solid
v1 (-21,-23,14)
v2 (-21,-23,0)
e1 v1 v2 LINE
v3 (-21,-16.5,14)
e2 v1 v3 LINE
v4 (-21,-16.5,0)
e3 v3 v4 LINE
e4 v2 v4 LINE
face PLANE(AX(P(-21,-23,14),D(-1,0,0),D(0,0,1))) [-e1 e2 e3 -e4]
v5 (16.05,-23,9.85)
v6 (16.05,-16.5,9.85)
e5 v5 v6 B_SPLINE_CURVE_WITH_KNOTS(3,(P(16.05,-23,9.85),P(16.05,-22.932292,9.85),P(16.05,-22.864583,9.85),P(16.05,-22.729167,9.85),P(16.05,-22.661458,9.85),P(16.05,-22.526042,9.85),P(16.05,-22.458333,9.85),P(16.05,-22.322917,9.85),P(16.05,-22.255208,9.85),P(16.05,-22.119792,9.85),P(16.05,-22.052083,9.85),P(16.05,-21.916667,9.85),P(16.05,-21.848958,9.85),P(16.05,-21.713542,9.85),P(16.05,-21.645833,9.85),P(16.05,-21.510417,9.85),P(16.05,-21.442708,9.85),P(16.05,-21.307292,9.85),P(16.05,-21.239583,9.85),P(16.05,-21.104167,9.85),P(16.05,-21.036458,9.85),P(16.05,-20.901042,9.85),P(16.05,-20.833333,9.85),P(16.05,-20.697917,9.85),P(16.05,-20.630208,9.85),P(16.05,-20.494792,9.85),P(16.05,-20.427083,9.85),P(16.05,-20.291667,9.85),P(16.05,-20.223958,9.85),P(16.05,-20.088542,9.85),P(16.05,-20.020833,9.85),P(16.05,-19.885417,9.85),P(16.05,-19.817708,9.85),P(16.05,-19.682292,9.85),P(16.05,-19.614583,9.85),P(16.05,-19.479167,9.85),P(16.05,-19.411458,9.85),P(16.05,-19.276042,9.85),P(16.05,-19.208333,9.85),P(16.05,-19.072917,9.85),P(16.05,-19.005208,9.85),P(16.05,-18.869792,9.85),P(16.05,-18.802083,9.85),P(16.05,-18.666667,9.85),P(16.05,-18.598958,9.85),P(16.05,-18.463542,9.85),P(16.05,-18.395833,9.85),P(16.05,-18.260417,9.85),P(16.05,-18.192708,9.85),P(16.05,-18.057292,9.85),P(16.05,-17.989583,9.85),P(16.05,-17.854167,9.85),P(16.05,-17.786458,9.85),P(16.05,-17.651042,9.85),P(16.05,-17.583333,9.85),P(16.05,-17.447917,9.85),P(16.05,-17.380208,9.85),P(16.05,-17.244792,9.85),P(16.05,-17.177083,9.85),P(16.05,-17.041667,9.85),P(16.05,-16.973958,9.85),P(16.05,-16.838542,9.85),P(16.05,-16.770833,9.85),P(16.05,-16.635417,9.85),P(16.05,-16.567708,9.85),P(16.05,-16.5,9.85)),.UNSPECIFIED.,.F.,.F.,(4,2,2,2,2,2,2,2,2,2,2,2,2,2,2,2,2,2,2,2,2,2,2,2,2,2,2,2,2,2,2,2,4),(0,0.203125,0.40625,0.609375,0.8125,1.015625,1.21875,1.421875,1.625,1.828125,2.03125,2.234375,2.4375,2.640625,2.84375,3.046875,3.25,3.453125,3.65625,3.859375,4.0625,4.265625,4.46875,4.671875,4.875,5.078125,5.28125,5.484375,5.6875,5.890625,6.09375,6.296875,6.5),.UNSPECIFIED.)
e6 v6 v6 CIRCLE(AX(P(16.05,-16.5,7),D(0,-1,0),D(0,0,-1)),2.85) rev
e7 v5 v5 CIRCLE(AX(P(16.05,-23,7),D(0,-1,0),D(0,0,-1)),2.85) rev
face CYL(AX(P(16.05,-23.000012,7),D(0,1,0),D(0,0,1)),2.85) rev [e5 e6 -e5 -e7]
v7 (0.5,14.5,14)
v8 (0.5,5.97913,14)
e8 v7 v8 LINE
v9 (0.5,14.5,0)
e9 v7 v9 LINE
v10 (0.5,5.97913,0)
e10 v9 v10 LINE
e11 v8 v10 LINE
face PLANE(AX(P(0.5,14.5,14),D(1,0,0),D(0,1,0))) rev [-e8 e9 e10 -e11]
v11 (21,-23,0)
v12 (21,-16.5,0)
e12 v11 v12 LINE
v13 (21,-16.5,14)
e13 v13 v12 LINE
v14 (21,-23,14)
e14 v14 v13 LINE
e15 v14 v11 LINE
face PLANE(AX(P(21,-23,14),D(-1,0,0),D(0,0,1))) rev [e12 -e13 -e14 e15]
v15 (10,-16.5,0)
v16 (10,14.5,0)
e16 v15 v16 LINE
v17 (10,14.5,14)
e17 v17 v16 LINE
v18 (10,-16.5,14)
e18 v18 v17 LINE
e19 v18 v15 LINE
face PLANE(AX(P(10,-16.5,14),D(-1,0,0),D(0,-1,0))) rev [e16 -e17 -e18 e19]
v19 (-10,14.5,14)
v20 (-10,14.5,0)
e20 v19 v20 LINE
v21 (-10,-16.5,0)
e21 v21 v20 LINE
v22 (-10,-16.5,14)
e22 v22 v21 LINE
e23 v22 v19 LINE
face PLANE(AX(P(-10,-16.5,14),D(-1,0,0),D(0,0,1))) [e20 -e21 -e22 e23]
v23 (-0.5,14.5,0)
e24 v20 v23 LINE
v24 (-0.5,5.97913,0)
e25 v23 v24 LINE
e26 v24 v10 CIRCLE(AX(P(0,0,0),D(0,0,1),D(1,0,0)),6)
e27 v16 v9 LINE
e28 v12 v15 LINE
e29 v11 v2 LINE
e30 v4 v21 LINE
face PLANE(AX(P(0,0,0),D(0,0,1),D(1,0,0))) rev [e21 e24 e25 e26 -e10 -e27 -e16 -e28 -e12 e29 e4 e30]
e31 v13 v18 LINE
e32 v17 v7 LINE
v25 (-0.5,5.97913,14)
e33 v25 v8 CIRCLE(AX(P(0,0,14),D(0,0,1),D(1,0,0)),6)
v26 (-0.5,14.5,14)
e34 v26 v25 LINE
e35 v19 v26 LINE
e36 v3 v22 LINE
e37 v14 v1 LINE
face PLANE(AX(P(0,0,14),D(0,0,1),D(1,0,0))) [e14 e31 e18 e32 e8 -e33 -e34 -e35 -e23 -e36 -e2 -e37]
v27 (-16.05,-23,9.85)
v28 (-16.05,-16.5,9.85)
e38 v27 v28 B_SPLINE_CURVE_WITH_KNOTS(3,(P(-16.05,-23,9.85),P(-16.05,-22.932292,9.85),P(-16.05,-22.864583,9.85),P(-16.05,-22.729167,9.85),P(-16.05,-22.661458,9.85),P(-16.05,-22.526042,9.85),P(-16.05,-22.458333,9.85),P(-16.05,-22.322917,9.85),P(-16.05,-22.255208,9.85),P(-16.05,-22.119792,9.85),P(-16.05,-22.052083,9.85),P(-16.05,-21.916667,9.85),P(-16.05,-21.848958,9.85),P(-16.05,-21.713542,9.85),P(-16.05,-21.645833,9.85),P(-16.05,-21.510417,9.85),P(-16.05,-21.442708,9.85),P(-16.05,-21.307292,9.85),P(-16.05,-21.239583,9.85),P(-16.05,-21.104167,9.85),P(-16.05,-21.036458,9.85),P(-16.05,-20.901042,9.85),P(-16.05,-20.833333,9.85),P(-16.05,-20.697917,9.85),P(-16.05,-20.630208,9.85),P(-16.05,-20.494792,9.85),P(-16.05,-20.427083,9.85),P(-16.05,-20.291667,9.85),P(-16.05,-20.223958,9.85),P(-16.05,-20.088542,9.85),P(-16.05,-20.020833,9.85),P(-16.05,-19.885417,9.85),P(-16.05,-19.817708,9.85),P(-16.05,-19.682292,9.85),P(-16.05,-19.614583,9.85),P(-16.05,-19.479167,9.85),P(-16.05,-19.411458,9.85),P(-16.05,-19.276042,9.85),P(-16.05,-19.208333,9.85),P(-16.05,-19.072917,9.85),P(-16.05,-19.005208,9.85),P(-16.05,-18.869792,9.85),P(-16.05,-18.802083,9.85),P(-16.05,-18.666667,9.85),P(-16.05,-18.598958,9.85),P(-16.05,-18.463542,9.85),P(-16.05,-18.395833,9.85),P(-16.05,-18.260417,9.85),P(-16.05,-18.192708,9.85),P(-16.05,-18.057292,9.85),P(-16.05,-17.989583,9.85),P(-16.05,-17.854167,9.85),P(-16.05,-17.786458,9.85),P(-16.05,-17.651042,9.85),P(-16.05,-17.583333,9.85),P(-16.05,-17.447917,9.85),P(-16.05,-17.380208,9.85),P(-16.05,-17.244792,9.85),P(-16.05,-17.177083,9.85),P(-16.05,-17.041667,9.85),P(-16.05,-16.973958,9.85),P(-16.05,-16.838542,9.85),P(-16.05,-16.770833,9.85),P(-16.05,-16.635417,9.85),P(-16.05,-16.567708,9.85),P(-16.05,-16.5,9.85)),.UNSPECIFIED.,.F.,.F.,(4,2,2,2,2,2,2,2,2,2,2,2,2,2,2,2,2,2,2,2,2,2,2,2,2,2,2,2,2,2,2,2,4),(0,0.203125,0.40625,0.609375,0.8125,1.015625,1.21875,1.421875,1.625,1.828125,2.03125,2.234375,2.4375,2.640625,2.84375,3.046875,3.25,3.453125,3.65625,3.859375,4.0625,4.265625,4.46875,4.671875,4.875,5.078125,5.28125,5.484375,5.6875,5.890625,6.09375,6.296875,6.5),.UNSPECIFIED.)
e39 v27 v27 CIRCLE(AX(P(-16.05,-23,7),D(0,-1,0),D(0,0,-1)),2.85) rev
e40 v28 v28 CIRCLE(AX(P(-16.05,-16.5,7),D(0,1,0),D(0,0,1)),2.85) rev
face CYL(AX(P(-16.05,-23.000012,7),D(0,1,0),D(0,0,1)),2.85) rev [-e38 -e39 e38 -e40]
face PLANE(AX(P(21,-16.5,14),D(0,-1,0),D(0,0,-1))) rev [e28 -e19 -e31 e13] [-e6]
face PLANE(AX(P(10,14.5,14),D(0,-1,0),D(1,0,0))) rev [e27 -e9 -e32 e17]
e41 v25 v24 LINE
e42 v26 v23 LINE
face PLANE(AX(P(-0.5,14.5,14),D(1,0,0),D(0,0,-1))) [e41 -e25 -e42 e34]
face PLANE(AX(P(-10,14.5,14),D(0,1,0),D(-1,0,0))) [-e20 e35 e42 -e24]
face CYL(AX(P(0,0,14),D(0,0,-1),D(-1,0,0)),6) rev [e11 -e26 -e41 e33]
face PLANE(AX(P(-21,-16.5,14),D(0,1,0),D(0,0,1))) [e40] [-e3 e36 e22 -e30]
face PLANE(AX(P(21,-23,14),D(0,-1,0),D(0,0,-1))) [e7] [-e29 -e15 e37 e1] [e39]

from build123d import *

# Parameters (mm, degrees)
Y_KSEKLIK_EKSTR_ZYON2_DEPTH       = 14
KES_EKSTR_ZYON1_REACH             = 47.202
IZIM2_R                           = 2.85
KES_EKSTR_ZYON1_DIRECTION_2_DEPTH = 46.202322949


with BuildPart() as part:
    # Çizim1 → Yükseklik-Ekstrüzyon2 (new body)
    with BuildSketch(Plane.XY):
        with BuildLine():
            Line((21, -23), (-21, -23))
            Line((-21, -23), (-21, -16.5))
            Line((-21, -16.5), (-10, -16.5))
            Line((-10, -16.5), (-10, 14.5))
            Line((-10, 14.5), (-0.5, 14.5))
            Line((-0.5, 14.5), (-0.5, 5.979130372))
            ThreePointArc((-0.5, 5.979130372), (0, -6), (0.5, 5.979130372))
            Line((0.5, 5.979130372), (0.5, 14.5))
            Line((0.5, 14.5), (10, 14.5))
            Line((10, 14.5), (10, -16.5))
            Line((10, -16.5), (21, -16.5))
            Line((21, -16.5), (21, -23))
        make_face()
    extrude(amount=Y_KSEKLIK_EKSTR_ZYON2_DEPTH)

    # Çizim2 → Kes-Ekstrüzyon1 (cut, up to next)
    with BuildSketch(Plane.XZ.offset(23), mode=Mode.PRIVATE) as kes_ekstr_zyon1_sk1:
        with Locations(Location((-16.05, 7, 0), (0, 0, 90))):
            Circle(IZIM2_R)
    kes_ekstr_zyon1_tool1 = extrude(kes_ekstr_zyon1_sk1.sketch, amount=-KES_EKSTR_ZYON1_REACH, mode=Mode.PRIVATE) & part.part
    # Çizim2 → Kes-Ekstrüzyon1 (cut, up to next)
    with BuildSketch(Plane.XZ.offset(23), mode=Mode.PRIVATE) as kes_ekstr_zyon1_sk2:
        with Locations(Location((16.05, 7, 0), (0, 0, 90))):
            Circle(IZIM2_R)
    kes_ekstr_zyon1_tool2 = extrude(kes_ekstr_zyon1_sk2.sketch, amount=-KES_EKSTR_ZYON1_REACH, mode=Mode.PRIVATE) & part.part
    add(kes_ekstr_zyon1_tool1.solids().sort_by_distance((-16.05, -23, 7))[0], mode=Mode.SUBTRACT)
    add(kes_ekstr_zyon1_tool2.solids().sort_by_distance((16.05, -23, 7))[0], mode=Mode.SUBTRACT)

    # Çizim2 → Kes-Ekstrüzyon1 direction 2 (cut)
    with BuildSketch(Plane.XZ.offset(23)):
        with Locations(Location((-16.05, 7, 0), (0, 0, 90))):
            Circle(IZIM2_R)
        with Locations(Location((16.05, 7, 0), (0, 0, 90))):
            Circle(IZIM2_R)
    extrude(amount=KES_EKSTR_ZYON1_DIRECTION_2_DEPTH, mode=Mode.SUBTRACT)


solid = part.part
